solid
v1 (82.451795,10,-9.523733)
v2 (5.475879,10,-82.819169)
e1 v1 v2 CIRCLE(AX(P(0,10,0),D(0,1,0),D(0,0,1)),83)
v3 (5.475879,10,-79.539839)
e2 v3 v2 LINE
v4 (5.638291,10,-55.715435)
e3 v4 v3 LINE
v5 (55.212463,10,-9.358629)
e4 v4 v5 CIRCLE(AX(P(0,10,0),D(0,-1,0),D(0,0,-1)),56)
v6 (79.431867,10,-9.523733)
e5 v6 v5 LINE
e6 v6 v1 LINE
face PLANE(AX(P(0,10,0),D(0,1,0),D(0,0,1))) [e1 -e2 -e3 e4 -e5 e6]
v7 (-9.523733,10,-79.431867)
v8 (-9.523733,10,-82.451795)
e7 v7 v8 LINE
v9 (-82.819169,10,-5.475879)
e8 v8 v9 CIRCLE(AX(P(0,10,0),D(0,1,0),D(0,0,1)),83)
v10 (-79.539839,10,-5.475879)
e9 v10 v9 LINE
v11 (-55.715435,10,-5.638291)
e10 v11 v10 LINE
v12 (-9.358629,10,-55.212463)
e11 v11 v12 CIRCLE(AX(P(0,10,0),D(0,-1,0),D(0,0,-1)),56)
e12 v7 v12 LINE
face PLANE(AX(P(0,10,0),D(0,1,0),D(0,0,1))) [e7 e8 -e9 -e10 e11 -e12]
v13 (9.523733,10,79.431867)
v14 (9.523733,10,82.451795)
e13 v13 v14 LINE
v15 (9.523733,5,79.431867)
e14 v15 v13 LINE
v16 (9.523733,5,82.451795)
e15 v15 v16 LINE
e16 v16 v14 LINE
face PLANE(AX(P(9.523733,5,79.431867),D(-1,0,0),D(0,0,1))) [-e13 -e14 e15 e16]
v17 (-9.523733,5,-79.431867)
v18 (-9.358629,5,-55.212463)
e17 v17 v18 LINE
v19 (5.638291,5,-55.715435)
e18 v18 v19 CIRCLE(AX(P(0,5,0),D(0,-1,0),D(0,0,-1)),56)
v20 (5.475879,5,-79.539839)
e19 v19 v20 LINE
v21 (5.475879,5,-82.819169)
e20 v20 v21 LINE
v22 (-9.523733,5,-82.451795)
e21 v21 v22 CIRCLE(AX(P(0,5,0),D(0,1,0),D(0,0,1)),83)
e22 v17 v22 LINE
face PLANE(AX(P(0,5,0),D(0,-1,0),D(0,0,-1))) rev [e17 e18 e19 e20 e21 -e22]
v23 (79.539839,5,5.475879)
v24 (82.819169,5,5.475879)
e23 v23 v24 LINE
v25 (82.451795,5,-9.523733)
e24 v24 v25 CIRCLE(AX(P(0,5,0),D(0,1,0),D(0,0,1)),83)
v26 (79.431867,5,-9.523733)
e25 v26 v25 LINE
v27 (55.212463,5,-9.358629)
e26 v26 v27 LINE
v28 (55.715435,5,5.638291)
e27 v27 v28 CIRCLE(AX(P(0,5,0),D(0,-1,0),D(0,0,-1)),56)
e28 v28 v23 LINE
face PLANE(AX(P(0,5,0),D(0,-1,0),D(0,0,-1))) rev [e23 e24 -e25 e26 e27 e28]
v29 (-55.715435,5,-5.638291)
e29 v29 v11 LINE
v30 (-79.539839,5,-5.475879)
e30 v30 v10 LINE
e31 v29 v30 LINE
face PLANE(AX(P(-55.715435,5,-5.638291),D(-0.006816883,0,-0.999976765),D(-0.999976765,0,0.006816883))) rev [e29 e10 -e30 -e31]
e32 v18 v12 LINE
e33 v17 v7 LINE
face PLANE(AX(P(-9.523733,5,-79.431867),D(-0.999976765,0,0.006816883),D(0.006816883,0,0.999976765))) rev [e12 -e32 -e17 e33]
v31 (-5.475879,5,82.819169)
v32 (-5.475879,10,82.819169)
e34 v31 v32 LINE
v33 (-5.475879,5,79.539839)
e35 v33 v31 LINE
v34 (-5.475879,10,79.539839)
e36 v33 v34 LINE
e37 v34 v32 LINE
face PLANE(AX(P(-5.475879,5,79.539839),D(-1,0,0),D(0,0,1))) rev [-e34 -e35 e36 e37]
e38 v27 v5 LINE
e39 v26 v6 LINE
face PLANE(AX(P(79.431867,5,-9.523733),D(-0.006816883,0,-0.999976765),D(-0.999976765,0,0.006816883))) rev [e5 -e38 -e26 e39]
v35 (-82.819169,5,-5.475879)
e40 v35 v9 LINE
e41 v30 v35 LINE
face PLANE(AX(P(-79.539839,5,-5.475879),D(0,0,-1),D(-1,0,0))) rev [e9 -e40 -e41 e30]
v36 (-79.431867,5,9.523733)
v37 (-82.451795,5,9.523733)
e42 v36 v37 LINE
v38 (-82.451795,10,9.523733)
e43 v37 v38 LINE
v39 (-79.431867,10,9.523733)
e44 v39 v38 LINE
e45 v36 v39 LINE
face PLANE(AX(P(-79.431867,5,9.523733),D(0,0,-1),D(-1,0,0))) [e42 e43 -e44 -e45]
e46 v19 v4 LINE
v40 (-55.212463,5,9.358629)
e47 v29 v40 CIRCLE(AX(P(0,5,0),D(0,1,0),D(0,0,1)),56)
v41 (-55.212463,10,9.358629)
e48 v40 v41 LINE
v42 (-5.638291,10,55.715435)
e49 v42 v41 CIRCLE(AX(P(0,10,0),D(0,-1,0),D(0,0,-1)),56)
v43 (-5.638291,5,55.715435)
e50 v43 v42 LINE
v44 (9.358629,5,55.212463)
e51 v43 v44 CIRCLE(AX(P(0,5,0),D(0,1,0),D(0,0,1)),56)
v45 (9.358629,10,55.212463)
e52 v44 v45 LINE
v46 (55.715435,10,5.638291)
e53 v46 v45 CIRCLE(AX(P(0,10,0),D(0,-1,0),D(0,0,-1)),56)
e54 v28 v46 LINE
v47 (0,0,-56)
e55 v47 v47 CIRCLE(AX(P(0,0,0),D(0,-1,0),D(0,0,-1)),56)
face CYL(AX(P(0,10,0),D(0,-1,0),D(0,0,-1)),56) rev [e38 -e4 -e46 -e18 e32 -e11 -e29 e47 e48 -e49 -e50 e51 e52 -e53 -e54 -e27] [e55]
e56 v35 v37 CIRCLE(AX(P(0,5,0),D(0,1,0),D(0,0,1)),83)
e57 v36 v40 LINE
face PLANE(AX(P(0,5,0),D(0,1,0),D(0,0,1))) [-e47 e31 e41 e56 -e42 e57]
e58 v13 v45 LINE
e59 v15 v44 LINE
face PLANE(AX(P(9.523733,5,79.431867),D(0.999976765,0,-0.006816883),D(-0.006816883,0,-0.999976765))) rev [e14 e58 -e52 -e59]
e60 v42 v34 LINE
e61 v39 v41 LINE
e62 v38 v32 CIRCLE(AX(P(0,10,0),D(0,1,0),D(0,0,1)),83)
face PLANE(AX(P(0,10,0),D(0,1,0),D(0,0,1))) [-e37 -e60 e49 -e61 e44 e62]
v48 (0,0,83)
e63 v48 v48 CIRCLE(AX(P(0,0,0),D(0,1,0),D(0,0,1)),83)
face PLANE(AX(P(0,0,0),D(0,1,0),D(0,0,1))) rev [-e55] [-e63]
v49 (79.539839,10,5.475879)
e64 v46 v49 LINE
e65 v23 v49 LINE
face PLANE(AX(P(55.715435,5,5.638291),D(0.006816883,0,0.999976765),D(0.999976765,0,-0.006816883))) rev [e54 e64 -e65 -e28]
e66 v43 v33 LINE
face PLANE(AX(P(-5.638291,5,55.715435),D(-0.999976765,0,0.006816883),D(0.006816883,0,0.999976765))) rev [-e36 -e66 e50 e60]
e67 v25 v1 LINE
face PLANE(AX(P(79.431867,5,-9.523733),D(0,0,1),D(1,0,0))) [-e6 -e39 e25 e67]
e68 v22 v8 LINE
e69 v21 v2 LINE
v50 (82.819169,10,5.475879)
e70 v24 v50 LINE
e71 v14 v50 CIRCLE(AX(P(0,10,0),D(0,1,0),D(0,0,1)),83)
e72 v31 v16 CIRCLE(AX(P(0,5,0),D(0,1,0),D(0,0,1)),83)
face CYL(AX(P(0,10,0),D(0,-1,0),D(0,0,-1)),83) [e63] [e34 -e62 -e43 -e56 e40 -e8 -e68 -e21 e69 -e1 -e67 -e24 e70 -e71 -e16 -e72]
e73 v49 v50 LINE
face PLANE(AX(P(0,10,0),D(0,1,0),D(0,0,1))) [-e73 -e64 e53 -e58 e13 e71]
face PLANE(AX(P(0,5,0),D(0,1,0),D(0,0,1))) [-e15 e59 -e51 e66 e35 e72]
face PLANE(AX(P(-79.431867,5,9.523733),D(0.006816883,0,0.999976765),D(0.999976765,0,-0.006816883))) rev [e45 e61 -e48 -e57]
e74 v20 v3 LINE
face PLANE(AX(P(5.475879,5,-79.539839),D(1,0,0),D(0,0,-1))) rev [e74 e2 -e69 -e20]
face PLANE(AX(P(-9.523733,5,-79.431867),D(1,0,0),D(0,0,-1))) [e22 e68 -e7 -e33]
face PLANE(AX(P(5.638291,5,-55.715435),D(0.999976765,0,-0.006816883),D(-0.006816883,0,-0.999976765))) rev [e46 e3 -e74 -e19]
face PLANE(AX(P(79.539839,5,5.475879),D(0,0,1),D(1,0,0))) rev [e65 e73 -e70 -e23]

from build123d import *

# Parameters (mm, degrees)
SKETCH1_R           = 83
BOSS_EXTRUDE1_DEPTH = 10
SKETCH3_R           = 56
CUT_EXTRUDE2_DEPTH  = 118.804923496
CUT_EXTRUDE4_START  = -5
CUT_EXTRUDE4_DEPTH  = 5


with BuildPart() as part:
    # Sketch1 → Boss-Extrude1 (new body)
    with BuildSketch(Plane(origin=(0, 0, 0), x_dir=(1, 0, 0), z_dir=(0, 1, 0))):
        with Locations(Location((0, 0, 0), (0, 0, 270))):
            Circle(SKETCH1_R)
    extrude(amount=BOSS_EXTRUDE1_DEPTH)

    # Sketch3 → Cut-Extrude2 (cut, through all)
    with BuildSketch(Plane.XZ):
        with Locations(Location((0, 0, 0), (0, 0, 270))):
            Circle(SKETCH3_R)
    extrude(amount=-CUT_EXTRUDE2_DEPTH, mode=Mode.SUBTRACT)

    # Sketch6 → Cut-Extrude4 (cut)
    with BuildSketch(Plane(origin=(0, 10, 0), x_dir=(1, 0, 0), z_dir=(0, 1, 0)).offset(CUT_EXTRUDE4_START)):
        with BuildLine():
            Line((55.715434798, -5.638290989), (79.539838583, -5.475879047))
            Line((79.539838583, -5.475879047), (82.819168969, -5.475879047))
            ThreePointArc((82.819168969, -5.475879047), (82.975116618, 2.032245607), (82.451795016, 9.523733443))
            Line((82.451795016, 9.523733443), (79.431867066, 9.523733443))
            Line((79.431867066, 9.523733443), (55.212462973, 9.358628767))
            ThreePointArc((55.212462973, 9.358628767), (55.968531574, 1.877091756), (55.715434798, -5.638290989))
        make_face()
        with BuildLine():
            Line((5.638290989, 55.715434798), (5.475879047, 79.539838583))
            Line((5.475879047, 79.539838583), (5.475879047, 82.819168969))
            ThreePointArc((5.475879047, 82.819168969), (-2.032245607, 82.975116618), (-9.523733443, 82.451795016))
            Line((-9.523733443, 82.451795016), (-9.523733443, 79.431867066))
            Line((-9.523733443, 79.431867066), (-9.358628767, 55.212462973))
            ThreePointArc((-9.358628767, 55.212462973), (-1.877091756, 55.968531574), (5.638290989, 55.715434798))
        make_face()
        with BuildLine():
            Line((-79.431867066, -9.523733443), (-55.212462973, -9.358628767))
            ThreePointArc((-55.212462973, -9.358628767), (-55.968531574, -1.877091756), (-55.715434798, 5.638290989))
            Line((-55.715434798, 5.638290989), (-79.539838583, 5.475879047))
            Line((-79.539838583, 5.475879047), (-82.819168969, 5.475879047))
            ThreePointArc((-82.819168969, 5.475879047), (-82.975116618, -2.032245607), (-82.451795016, -9.523733443))
            Line((-82.451795016, -9.523733443), (-79.431867066, -9.523733443))
        make_face()
        with BuildLine():
            Line((9.523733443, -79.431867066), (9.358628767, -55.212462973))
            ThreePointArc((9.358628767, -55.212462973), (1.877091756, -55.968531574), (-5.638290989, -55.715434798))
            Line((-5.638290989, -55.715434798), (-5.475879047, -79.539838583))
            Line((-5.475879047, -79.539838583), (-5.475879047, -82.819168969))
            ThreePointArc((-5.475879047, -82.819168969), (2.032245607, -82.975116618), (9.523733443, -82.451795016))
            Line((9.523733443, -82.451795016), (9.523733443, -79.431867066))
        make_face()
    extrude(amount=CUT_EXTRUDE4_DEPTH, mode=Mode.SUBTRACT)


solid = part.part
